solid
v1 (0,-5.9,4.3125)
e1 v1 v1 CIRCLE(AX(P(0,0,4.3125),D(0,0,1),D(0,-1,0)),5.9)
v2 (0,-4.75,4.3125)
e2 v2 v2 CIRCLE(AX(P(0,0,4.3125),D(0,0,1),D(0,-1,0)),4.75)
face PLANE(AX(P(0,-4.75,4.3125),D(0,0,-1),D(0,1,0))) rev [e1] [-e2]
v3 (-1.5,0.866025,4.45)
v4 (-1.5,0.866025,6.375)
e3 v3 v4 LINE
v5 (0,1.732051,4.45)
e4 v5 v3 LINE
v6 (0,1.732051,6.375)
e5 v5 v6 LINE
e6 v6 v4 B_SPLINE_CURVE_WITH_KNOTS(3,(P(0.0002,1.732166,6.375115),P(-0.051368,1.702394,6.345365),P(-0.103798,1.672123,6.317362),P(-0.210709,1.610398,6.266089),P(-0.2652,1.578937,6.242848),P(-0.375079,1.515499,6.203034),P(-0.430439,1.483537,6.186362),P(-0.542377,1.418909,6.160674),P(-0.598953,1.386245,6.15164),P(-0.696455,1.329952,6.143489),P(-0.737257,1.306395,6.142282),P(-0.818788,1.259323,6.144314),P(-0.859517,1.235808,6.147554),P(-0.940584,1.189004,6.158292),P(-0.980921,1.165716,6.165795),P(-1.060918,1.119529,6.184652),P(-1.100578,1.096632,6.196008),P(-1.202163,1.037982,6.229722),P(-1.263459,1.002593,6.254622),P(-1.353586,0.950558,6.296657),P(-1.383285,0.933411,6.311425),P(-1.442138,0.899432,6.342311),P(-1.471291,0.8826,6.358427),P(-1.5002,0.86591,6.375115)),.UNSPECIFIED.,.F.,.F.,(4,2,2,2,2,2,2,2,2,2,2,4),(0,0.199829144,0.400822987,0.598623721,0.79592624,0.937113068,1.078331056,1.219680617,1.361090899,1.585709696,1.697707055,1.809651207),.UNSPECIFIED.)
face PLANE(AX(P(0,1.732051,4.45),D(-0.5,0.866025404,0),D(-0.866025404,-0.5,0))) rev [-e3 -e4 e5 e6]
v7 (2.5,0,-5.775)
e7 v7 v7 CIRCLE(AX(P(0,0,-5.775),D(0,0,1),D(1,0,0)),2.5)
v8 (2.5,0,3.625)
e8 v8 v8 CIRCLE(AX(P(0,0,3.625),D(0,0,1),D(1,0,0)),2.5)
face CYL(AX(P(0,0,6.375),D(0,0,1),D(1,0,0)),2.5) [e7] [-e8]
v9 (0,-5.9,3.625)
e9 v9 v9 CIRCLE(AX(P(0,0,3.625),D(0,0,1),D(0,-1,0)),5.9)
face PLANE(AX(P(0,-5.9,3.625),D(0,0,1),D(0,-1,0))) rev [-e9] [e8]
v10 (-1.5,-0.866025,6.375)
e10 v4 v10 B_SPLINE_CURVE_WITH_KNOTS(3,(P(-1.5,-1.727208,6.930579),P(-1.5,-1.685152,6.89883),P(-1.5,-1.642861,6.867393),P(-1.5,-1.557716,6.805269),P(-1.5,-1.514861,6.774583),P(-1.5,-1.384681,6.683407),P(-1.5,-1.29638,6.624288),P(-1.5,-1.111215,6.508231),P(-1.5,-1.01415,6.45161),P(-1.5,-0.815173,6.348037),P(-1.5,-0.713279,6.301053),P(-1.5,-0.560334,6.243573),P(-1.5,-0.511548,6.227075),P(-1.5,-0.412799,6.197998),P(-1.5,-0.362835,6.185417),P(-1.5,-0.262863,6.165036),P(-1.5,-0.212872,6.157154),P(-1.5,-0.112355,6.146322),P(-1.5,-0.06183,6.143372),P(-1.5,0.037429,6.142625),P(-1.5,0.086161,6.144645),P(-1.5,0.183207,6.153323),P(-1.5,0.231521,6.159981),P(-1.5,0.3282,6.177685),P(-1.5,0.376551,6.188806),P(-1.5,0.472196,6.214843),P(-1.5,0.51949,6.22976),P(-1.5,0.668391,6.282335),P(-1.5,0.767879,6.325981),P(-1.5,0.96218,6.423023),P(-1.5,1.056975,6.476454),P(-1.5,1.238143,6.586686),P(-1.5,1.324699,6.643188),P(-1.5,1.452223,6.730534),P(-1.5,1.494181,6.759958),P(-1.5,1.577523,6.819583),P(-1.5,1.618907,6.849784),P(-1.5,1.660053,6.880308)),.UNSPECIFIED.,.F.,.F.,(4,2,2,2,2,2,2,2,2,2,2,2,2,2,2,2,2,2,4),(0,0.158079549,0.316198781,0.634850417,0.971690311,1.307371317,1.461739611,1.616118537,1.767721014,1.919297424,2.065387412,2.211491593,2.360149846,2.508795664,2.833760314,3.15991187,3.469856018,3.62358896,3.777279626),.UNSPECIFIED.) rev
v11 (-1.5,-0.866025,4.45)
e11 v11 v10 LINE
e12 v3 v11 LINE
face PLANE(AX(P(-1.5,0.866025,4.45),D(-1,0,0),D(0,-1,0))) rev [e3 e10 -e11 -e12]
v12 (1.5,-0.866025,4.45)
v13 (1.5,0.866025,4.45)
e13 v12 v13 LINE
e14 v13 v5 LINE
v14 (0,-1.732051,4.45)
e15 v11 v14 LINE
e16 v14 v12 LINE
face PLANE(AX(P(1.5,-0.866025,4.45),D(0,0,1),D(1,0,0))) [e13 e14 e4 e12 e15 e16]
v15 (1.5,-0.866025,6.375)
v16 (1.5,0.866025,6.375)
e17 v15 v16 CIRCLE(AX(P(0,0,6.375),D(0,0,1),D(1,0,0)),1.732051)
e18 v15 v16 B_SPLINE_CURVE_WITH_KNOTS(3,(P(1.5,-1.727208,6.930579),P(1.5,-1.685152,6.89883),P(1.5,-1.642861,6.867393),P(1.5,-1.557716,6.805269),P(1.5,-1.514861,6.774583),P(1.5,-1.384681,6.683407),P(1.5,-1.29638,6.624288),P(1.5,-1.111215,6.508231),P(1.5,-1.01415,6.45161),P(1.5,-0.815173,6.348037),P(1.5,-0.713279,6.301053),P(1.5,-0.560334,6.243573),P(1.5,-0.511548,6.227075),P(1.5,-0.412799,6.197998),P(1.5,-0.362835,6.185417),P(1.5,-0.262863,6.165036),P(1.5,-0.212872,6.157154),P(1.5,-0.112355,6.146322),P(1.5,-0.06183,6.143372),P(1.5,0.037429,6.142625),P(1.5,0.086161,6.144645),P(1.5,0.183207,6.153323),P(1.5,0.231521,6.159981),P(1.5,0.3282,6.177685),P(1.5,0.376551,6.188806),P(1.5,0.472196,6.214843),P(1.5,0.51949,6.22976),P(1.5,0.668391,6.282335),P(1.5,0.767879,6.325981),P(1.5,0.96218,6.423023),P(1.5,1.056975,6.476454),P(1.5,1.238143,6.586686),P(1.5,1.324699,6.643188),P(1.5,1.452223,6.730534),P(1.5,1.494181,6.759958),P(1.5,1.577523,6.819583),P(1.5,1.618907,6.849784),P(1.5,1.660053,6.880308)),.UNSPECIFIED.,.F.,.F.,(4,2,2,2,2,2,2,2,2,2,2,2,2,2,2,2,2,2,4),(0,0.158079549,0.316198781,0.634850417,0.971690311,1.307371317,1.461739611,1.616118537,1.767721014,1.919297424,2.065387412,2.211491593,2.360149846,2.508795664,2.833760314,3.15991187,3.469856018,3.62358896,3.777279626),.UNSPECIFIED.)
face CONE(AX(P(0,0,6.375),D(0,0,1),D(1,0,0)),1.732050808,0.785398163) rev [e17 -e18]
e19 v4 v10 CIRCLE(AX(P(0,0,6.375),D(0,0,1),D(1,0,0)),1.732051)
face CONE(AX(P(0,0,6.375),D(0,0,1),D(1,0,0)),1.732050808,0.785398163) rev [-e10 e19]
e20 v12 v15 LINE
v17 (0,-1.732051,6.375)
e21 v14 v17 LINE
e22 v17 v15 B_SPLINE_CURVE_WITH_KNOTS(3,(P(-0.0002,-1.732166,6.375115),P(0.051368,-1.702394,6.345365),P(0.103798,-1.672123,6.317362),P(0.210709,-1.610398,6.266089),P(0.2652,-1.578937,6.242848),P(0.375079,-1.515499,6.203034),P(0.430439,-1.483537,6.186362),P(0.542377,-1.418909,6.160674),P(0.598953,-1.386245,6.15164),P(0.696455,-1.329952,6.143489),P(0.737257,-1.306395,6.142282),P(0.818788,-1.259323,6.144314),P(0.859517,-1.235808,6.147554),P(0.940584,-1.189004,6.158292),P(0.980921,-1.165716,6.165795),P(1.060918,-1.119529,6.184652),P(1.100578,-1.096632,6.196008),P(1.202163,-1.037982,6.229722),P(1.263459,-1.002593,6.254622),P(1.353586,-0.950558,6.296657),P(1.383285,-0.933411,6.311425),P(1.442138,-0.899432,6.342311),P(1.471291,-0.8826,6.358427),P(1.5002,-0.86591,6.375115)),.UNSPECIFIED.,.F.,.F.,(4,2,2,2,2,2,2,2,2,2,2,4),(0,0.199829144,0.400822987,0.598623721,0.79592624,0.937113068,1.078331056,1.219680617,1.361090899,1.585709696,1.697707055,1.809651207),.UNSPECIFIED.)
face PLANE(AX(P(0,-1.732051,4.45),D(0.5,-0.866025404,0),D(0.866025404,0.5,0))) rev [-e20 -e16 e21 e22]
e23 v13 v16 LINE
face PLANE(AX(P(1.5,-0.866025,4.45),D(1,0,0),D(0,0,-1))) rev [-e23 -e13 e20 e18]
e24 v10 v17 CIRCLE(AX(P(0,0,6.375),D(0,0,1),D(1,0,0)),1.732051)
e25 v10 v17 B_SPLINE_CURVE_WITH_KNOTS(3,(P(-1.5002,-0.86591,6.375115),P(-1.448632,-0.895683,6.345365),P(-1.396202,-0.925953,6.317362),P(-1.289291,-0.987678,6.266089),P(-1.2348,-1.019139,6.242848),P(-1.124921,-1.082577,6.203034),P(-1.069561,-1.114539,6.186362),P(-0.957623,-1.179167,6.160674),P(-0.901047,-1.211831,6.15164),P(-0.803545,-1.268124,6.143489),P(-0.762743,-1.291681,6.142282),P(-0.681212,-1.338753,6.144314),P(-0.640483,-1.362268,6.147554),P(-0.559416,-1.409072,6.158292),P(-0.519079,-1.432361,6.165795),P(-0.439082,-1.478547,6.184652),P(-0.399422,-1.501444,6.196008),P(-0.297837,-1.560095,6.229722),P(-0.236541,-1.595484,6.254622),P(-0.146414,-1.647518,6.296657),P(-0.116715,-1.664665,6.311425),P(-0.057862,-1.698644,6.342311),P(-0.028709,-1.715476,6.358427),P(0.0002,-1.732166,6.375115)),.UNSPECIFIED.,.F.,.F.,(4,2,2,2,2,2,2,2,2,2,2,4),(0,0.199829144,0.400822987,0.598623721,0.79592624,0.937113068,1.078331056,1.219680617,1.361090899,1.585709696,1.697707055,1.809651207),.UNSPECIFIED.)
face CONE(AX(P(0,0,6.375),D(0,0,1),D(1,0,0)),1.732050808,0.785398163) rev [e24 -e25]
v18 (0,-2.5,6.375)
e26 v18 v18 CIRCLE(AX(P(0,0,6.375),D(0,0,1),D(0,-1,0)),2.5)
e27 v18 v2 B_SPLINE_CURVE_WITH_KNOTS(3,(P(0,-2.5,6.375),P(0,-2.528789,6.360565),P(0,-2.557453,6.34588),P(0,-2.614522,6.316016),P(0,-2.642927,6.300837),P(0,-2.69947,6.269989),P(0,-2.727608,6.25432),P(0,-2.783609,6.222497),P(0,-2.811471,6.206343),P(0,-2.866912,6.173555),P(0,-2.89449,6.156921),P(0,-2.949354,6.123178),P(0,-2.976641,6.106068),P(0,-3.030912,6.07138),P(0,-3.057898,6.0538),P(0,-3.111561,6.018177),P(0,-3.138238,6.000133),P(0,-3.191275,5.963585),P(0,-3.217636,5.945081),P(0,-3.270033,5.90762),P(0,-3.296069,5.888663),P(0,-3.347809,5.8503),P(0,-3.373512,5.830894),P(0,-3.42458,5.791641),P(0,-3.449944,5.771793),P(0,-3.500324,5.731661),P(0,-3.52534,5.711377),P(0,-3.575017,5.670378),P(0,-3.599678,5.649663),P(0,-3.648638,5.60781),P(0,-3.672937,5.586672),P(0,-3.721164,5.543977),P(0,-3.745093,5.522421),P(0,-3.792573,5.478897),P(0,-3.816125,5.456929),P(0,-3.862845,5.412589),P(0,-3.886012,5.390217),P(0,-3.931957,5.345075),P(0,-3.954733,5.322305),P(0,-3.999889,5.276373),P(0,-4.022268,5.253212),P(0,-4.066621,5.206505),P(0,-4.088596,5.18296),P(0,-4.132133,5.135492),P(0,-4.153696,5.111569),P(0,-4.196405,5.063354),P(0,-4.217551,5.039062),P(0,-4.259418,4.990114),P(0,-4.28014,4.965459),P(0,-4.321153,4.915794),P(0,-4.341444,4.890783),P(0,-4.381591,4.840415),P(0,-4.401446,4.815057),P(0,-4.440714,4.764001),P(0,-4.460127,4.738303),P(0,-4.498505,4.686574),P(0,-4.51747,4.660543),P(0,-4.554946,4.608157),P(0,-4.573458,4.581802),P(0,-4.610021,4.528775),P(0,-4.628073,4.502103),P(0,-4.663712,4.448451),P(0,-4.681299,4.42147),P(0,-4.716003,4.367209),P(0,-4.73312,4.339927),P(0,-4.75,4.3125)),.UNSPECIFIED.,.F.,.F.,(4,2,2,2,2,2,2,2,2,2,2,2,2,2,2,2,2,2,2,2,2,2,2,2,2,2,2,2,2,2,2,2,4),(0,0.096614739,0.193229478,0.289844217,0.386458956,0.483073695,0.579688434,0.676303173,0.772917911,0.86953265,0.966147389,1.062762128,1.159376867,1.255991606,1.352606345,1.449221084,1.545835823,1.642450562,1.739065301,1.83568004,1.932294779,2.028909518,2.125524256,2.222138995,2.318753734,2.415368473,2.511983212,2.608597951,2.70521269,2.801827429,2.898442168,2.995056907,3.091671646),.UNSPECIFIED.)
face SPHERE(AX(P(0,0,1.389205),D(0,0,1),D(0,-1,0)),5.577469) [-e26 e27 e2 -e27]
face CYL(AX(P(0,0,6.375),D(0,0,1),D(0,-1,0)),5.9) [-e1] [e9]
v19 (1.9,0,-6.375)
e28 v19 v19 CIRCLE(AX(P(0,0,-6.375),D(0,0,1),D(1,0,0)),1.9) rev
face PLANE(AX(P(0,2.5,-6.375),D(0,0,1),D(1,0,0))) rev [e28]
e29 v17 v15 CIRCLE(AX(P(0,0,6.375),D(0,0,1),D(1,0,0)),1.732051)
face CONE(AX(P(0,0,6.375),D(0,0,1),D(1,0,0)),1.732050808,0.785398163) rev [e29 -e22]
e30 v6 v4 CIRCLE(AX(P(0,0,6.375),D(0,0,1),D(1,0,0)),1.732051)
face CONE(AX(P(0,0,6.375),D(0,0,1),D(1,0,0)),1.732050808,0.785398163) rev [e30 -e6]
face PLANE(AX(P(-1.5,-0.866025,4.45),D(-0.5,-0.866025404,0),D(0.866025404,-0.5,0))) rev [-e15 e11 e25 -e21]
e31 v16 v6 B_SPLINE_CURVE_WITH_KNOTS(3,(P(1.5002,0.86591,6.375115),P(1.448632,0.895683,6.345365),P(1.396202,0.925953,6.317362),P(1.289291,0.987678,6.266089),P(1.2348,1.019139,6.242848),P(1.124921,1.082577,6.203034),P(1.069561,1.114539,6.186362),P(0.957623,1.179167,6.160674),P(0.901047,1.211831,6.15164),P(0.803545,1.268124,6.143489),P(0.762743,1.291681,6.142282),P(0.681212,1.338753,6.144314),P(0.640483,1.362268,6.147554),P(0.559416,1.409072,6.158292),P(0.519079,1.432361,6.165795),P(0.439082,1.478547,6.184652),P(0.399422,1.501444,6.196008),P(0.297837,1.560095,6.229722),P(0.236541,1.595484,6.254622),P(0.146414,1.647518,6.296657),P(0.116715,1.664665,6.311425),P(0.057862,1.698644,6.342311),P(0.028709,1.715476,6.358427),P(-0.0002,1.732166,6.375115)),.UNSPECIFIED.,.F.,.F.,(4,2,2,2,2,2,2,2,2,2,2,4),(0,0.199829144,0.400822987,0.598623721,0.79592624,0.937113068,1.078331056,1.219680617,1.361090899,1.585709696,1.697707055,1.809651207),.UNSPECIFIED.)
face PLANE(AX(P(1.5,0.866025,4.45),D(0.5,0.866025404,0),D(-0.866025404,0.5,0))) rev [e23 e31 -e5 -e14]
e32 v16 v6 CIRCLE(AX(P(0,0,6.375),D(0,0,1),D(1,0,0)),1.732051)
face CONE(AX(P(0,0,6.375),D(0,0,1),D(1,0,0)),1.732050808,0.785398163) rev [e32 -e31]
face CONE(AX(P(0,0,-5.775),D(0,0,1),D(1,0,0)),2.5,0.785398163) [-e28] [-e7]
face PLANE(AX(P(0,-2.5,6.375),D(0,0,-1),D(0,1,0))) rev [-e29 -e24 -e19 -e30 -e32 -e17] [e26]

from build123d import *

# Parameters (mm, degrees)
SKETCH13_W         = 10
SKETCH13_H         = 2.5
CHAMFER1_SIZE      = 0.6
CUT_EXTRUDE2_DEPTH = 1.925


with BuildPart() as part:
    # Sketch13 → Revolve1 (revolve)
    with BuildSketch(Plane(origin=(0, 0, 0), x_dir=(0, 0, -1), z_dir=(1, 0, 0))):
        with Locations((1.375, 1.25)):
            Rectangle(SKETCH13_W, SKETCH13_H)
    revolve(axis=Axis((0, 0, 6.375), (0, 0, -1)))

    # Chamfer1
    chamfer1_edges = [part.edges().sort_by_distance(p)[0] for p in [
        (0, -2.5, -6.375),
    ]]
    chamfer(chamfer1_edges, length=CHAMFER1_SIZE)

    # Sketch7 → Revolve2 (revolve)
    with BuildSketch(Plane(origin=(0, 0, 0), x_dir=(0, 0, -1), z_dir=(1, 0, 0))):
        with BuildLine():
            Line((-3.625, 4.75), (-3.625, 0))
            Line((-3.625, 0), (-6.375, 0))
            Line((-6.375, 0), (-6.375, 2.5))
            ThreePointArc((-6.375, 2.5), (-5.500658638, 3.768832918), (-4.3125, 4.75))
            Line((-4.3125, 4.75), (-4.3125, 5.9))
            Line((-4.3125, 5.9), (-3.625, 5.9))
            Line((-3.625, 5.9), (-3.625, 4.75))
        make_face()
    revolve(axis=Axis((0, 0, 6.375), (0, 0, -1)))

    # Sketch5 → Cut-Extrude2 (cut)
    with BuildSketch(Plane.XY.offset(6.375)):
        Polygon((1.5, -0.866025404), (1.5, 0.866025404), (0, 1.732050808), (-1.5, 0.866025404), (-1.5, -0.866025404), (0, -1.732050808), align=None)
    extrude(amount=-CUT_EXTRUDE2_DEPTH, mode=Mode.SUBTRACT)

    # Cut-Extrude3 cone 1 section (through the dimple's axis) → Cut-Extrude3 (revolve, cut)
    with BuildSketch(Plane(origin=(0, 0, 6.375), x_dir=(0, -1, 0), z_dir=(1, 0, 0))):
        Polygon((0, 0), (1.732050808, 0), (0, 1.732050808), align=None)
    revolve(axis=Axis((0, 0, 6.375), (0, 0, -1)), mode=Mode.SUBTRACT)


solid = part.part
